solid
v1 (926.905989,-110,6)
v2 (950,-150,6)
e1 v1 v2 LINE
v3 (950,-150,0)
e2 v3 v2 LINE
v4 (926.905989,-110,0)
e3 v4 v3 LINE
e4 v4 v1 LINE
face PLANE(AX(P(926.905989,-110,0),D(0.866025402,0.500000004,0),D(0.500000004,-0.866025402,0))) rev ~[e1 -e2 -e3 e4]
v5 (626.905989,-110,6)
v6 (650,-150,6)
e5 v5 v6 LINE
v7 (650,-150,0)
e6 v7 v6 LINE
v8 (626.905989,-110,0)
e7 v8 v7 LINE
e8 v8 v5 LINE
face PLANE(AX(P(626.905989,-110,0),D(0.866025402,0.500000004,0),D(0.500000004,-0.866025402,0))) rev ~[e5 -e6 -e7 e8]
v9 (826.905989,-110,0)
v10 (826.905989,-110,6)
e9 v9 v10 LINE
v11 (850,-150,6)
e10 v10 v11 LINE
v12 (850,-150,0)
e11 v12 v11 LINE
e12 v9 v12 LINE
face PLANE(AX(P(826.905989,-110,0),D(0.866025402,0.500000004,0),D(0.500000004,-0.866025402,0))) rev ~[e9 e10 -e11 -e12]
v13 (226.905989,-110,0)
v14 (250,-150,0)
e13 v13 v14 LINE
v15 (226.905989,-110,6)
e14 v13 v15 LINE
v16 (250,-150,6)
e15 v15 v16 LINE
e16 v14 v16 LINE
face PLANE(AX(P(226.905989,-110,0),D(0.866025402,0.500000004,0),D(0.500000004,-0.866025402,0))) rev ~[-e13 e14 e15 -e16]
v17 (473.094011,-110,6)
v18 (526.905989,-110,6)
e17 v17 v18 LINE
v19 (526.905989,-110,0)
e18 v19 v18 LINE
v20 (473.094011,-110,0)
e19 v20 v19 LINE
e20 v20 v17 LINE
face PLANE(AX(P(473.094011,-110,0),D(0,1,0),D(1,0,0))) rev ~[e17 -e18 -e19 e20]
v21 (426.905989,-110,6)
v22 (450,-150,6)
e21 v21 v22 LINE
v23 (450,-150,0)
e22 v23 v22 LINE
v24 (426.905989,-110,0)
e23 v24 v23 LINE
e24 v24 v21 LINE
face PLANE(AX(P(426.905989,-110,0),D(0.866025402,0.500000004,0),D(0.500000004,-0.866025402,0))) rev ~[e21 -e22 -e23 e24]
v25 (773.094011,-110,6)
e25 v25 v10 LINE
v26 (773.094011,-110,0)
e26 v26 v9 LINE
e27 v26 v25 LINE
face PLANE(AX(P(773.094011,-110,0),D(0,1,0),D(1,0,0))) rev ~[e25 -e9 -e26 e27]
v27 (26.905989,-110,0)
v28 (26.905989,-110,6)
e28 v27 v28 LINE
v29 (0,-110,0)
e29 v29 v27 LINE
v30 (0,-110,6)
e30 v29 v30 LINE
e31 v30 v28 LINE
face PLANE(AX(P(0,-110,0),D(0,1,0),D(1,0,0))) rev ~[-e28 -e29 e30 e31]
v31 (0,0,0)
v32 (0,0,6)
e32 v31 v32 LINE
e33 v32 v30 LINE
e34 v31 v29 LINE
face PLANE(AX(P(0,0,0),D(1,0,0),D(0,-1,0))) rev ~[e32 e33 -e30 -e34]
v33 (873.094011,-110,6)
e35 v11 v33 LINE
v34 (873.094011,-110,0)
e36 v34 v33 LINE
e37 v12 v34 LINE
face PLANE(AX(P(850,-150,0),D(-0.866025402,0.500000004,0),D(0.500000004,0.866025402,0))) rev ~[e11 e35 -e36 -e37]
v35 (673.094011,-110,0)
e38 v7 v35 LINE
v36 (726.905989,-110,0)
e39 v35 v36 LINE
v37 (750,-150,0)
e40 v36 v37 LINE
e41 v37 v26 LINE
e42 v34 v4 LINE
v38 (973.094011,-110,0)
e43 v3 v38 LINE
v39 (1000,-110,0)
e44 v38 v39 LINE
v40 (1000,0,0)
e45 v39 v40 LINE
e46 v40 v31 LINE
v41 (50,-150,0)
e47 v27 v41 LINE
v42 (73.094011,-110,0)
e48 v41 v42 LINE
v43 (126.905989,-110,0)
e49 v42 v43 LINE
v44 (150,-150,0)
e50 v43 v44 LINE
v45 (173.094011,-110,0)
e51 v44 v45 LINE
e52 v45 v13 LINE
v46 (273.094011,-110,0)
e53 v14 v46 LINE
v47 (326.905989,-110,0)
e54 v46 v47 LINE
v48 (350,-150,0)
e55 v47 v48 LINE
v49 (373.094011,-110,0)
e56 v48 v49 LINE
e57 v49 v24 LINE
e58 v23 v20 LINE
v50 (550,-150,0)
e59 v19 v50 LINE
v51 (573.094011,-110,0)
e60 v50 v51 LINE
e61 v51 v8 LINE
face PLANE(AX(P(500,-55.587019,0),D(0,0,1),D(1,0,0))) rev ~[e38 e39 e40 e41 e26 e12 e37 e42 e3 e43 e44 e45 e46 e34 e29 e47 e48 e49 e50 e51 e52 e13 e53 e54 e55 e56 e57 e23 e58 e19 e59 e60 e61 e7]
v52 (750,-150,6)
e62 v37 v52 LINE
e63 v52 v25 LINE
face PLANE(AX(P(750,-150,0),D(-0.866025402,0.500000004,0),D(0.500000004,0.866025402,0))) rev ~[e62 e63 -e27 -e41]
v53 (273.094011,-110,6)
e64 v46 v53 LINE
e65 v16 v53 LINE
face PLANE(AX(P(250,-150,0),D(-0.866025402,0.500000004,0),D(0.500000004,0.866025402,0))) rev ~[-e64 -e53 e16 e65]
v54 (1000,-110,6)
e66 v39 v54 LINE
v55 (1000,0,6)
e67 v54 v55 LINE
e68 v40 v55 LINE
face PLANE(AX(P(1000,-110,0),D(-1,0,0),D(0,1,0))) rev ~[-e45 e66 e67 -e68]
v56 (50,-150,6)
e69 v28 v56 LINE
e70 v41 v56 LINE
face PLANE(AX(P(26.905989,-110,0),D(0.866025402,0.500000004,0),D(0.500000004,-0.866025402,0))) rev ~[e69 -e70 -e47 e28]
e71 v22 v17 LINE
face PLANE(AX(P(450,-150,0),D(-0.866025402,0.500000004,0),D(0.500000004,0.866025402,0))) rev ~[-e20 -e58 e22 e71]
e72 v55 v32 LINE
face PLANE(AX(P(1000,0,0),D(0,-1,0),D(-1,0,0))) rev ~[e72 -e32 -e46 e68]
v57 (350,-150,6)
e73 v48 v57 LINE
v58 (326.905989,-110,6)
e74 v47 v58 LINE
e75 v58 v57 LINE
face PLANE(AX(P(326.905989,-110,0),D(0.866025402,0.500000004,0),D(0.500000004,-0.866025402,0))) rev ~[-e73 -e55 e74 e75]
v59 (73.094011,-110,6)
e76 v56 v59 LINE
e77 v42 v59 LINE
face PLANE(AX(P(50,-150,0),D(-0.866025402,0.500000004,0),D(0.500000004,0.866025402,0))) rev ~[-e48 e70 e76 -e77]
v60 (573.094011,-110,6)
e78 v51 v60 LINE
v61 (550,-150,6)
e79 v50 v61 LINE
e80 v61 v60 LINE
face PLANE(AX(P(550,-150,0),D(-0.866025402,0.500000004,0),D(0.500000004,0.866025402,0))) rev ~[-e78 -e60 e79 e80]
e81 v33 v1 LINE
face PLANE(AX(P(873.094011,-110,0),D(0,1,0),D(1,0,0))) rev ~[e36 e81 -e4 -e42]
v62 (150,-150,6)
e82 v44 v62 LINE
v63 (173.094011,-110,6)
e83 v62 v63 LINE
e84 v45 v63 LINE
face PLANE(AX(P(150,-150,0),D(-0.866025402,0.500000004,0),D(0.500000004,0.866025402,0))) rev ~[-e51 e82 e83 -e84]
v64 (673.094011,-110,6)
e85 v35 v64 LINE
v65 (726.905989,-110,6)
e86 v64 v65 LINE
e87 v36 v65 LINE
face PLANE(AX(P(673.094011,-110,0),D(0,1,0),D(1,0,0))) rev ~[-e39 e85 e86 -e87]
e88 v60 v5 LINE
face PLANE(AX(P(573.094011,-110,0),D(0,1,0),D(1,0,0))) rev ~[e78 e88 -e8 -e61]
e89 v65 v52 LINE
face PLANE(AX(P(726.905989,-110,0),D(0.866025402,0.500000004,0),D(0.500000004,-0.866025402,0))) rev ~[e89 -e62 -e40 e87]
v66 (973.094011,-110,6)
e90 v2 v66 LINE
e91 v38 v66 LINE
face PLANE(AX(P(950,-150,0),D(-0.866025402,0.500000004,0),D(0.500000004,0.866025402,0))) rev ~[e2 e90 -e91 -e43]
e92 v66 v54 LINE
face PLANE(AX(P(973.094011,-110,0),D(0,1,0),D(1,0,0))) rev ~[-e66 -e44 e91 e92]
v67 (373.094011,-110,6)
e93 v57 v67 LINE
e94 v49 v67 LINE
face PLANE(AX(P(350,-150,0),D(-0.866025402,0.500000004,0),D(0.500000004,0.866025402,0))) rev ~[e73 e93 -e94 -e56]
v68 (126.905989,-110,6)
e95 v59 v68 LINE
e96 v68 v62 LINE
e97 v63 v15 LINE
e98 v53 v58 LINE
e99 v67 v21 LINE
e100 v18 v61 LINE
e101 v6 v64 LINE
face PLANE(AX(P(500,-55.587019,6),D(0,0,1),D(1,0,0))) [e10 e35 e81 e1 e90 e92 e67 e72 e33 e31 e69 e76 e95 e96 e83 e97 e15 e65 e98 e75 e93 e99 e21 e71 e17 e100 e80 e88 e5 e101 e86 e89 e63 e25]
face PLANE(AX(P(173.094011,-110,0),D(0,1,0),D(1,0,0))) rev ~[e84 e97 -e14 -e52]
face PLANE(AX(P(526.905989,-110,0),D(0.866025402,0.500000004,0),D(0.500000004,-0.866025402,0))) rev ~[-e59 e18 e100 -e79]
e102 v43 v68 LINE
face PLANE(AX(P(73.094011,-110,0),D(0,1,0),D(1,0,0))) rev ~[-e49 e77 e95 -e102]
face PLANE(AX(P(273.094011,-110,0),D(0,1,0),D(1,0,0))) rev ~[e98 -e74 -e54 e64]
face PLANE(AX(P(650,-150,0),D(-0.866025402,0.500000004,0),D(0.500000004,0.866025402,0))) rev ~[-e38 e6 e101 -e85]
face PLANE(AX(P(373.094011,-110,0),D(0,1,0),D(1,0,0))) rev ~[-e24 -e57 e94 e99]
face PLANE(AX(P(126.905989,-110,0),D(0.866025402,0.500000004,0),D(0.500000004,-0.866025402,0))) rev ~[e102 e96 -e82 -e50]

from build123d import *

# Parameters (mm, degrees)
F1_DEPTH = 6


with BuildPart() as f1:
    # F0 (on Top) → F1 (new body)
    with BuildSketch(Plane.XY):
        Polygon((1000, 0), (0, 0), (0, -63.39746), (26.905989, -110), (73.094011, -110), (100, -63.39746), (126.905989, -110), (173.094011, -110), (200, -63.39746), (226.905989, -110), (273.094011, -110), (300, -63.39746), (326.905989, -110), (373.094011, -110), (400, -63.39746), (426.905989, -110), (473.094011, -110), (500, -63.39746), (526.905989, -110), (573.094011, -110), (600, -63.39746), (626.905989, -110), (673.094011, -110), (700, -63.39746), (726.905989, -110), (773.094011, -110), (800, -63.39746), (826.905989, -110), (873.094011, -110), (900, -63.39746), (926.905989, -110), (973.094011, -110), (1000, -63.39746), align=None)
        Polygon((26.905989, -110), (0, -63.39746), (0, -110), align=None)
        Polygon((1000, -110), (1000, -63.39746), (973.094011, -110), align=None)
        Polygon((73.094011, -110), (26.905989, -110), (50, -150), align=None)
        Polygon((950, -150), (973.094011, -110), (926.905989, -110), align=None)
        Polygon((100, -63.39746), (73.094011, -110), (126.905989, -110), align=None)
        Polygon((873.094011, -110), (926.905989, -110), (900, -63.39746), align=None)
        Polygon((173.094011, -110), (126.905989, -110), (150, -150), align=None)
        Polygon((850, -150), (873.094011, -110), (826.905989, -110), align=None)
        Polygon((200, -63.39746), (173.094011, -110), (226.905989, -110), align=None)
        Polygon((773.094011, -110), (826.905989, -110), (800, -63.39746), align=None)
        Polygon((273.094011, -110), (226.905989, -110), (250, -150), align=None)
        Polygon((750, -150), (773.094011, -110), (726.905989, -110), align=None)
        Polygon((300, -63.39746), (273.094011, -110), (326.905989, -110), align=None)
        Polygon((673.094011, -110), (726.905989, -110), (700, -63.39746), align=None)
        Polygon((373.094011, -110), (326.905989, -110), (350, -150), align=None)
        Polygon((650, -150), (673.094011, -110), (626.905989, -110), align=None)
        Polygon((400, -63.39746), (373.094011, -110), (426.905989, -110), align=None)
        Polygon((573.094011, -110), (626.905989, -110), (600, -63.39746), align=None)
        Polygon((473.094011, -110), (426.905989, -110), (450, -150), align=None)
        Polygon((550, -150), (573.094011, -110), (526.905989, -110), align=None)
        Polygon((500, -63.39746), (473.094011, -110), (526.905989, -110), align=None)
    extrude(amount=F1_DEPTH)


solid = f1.part
